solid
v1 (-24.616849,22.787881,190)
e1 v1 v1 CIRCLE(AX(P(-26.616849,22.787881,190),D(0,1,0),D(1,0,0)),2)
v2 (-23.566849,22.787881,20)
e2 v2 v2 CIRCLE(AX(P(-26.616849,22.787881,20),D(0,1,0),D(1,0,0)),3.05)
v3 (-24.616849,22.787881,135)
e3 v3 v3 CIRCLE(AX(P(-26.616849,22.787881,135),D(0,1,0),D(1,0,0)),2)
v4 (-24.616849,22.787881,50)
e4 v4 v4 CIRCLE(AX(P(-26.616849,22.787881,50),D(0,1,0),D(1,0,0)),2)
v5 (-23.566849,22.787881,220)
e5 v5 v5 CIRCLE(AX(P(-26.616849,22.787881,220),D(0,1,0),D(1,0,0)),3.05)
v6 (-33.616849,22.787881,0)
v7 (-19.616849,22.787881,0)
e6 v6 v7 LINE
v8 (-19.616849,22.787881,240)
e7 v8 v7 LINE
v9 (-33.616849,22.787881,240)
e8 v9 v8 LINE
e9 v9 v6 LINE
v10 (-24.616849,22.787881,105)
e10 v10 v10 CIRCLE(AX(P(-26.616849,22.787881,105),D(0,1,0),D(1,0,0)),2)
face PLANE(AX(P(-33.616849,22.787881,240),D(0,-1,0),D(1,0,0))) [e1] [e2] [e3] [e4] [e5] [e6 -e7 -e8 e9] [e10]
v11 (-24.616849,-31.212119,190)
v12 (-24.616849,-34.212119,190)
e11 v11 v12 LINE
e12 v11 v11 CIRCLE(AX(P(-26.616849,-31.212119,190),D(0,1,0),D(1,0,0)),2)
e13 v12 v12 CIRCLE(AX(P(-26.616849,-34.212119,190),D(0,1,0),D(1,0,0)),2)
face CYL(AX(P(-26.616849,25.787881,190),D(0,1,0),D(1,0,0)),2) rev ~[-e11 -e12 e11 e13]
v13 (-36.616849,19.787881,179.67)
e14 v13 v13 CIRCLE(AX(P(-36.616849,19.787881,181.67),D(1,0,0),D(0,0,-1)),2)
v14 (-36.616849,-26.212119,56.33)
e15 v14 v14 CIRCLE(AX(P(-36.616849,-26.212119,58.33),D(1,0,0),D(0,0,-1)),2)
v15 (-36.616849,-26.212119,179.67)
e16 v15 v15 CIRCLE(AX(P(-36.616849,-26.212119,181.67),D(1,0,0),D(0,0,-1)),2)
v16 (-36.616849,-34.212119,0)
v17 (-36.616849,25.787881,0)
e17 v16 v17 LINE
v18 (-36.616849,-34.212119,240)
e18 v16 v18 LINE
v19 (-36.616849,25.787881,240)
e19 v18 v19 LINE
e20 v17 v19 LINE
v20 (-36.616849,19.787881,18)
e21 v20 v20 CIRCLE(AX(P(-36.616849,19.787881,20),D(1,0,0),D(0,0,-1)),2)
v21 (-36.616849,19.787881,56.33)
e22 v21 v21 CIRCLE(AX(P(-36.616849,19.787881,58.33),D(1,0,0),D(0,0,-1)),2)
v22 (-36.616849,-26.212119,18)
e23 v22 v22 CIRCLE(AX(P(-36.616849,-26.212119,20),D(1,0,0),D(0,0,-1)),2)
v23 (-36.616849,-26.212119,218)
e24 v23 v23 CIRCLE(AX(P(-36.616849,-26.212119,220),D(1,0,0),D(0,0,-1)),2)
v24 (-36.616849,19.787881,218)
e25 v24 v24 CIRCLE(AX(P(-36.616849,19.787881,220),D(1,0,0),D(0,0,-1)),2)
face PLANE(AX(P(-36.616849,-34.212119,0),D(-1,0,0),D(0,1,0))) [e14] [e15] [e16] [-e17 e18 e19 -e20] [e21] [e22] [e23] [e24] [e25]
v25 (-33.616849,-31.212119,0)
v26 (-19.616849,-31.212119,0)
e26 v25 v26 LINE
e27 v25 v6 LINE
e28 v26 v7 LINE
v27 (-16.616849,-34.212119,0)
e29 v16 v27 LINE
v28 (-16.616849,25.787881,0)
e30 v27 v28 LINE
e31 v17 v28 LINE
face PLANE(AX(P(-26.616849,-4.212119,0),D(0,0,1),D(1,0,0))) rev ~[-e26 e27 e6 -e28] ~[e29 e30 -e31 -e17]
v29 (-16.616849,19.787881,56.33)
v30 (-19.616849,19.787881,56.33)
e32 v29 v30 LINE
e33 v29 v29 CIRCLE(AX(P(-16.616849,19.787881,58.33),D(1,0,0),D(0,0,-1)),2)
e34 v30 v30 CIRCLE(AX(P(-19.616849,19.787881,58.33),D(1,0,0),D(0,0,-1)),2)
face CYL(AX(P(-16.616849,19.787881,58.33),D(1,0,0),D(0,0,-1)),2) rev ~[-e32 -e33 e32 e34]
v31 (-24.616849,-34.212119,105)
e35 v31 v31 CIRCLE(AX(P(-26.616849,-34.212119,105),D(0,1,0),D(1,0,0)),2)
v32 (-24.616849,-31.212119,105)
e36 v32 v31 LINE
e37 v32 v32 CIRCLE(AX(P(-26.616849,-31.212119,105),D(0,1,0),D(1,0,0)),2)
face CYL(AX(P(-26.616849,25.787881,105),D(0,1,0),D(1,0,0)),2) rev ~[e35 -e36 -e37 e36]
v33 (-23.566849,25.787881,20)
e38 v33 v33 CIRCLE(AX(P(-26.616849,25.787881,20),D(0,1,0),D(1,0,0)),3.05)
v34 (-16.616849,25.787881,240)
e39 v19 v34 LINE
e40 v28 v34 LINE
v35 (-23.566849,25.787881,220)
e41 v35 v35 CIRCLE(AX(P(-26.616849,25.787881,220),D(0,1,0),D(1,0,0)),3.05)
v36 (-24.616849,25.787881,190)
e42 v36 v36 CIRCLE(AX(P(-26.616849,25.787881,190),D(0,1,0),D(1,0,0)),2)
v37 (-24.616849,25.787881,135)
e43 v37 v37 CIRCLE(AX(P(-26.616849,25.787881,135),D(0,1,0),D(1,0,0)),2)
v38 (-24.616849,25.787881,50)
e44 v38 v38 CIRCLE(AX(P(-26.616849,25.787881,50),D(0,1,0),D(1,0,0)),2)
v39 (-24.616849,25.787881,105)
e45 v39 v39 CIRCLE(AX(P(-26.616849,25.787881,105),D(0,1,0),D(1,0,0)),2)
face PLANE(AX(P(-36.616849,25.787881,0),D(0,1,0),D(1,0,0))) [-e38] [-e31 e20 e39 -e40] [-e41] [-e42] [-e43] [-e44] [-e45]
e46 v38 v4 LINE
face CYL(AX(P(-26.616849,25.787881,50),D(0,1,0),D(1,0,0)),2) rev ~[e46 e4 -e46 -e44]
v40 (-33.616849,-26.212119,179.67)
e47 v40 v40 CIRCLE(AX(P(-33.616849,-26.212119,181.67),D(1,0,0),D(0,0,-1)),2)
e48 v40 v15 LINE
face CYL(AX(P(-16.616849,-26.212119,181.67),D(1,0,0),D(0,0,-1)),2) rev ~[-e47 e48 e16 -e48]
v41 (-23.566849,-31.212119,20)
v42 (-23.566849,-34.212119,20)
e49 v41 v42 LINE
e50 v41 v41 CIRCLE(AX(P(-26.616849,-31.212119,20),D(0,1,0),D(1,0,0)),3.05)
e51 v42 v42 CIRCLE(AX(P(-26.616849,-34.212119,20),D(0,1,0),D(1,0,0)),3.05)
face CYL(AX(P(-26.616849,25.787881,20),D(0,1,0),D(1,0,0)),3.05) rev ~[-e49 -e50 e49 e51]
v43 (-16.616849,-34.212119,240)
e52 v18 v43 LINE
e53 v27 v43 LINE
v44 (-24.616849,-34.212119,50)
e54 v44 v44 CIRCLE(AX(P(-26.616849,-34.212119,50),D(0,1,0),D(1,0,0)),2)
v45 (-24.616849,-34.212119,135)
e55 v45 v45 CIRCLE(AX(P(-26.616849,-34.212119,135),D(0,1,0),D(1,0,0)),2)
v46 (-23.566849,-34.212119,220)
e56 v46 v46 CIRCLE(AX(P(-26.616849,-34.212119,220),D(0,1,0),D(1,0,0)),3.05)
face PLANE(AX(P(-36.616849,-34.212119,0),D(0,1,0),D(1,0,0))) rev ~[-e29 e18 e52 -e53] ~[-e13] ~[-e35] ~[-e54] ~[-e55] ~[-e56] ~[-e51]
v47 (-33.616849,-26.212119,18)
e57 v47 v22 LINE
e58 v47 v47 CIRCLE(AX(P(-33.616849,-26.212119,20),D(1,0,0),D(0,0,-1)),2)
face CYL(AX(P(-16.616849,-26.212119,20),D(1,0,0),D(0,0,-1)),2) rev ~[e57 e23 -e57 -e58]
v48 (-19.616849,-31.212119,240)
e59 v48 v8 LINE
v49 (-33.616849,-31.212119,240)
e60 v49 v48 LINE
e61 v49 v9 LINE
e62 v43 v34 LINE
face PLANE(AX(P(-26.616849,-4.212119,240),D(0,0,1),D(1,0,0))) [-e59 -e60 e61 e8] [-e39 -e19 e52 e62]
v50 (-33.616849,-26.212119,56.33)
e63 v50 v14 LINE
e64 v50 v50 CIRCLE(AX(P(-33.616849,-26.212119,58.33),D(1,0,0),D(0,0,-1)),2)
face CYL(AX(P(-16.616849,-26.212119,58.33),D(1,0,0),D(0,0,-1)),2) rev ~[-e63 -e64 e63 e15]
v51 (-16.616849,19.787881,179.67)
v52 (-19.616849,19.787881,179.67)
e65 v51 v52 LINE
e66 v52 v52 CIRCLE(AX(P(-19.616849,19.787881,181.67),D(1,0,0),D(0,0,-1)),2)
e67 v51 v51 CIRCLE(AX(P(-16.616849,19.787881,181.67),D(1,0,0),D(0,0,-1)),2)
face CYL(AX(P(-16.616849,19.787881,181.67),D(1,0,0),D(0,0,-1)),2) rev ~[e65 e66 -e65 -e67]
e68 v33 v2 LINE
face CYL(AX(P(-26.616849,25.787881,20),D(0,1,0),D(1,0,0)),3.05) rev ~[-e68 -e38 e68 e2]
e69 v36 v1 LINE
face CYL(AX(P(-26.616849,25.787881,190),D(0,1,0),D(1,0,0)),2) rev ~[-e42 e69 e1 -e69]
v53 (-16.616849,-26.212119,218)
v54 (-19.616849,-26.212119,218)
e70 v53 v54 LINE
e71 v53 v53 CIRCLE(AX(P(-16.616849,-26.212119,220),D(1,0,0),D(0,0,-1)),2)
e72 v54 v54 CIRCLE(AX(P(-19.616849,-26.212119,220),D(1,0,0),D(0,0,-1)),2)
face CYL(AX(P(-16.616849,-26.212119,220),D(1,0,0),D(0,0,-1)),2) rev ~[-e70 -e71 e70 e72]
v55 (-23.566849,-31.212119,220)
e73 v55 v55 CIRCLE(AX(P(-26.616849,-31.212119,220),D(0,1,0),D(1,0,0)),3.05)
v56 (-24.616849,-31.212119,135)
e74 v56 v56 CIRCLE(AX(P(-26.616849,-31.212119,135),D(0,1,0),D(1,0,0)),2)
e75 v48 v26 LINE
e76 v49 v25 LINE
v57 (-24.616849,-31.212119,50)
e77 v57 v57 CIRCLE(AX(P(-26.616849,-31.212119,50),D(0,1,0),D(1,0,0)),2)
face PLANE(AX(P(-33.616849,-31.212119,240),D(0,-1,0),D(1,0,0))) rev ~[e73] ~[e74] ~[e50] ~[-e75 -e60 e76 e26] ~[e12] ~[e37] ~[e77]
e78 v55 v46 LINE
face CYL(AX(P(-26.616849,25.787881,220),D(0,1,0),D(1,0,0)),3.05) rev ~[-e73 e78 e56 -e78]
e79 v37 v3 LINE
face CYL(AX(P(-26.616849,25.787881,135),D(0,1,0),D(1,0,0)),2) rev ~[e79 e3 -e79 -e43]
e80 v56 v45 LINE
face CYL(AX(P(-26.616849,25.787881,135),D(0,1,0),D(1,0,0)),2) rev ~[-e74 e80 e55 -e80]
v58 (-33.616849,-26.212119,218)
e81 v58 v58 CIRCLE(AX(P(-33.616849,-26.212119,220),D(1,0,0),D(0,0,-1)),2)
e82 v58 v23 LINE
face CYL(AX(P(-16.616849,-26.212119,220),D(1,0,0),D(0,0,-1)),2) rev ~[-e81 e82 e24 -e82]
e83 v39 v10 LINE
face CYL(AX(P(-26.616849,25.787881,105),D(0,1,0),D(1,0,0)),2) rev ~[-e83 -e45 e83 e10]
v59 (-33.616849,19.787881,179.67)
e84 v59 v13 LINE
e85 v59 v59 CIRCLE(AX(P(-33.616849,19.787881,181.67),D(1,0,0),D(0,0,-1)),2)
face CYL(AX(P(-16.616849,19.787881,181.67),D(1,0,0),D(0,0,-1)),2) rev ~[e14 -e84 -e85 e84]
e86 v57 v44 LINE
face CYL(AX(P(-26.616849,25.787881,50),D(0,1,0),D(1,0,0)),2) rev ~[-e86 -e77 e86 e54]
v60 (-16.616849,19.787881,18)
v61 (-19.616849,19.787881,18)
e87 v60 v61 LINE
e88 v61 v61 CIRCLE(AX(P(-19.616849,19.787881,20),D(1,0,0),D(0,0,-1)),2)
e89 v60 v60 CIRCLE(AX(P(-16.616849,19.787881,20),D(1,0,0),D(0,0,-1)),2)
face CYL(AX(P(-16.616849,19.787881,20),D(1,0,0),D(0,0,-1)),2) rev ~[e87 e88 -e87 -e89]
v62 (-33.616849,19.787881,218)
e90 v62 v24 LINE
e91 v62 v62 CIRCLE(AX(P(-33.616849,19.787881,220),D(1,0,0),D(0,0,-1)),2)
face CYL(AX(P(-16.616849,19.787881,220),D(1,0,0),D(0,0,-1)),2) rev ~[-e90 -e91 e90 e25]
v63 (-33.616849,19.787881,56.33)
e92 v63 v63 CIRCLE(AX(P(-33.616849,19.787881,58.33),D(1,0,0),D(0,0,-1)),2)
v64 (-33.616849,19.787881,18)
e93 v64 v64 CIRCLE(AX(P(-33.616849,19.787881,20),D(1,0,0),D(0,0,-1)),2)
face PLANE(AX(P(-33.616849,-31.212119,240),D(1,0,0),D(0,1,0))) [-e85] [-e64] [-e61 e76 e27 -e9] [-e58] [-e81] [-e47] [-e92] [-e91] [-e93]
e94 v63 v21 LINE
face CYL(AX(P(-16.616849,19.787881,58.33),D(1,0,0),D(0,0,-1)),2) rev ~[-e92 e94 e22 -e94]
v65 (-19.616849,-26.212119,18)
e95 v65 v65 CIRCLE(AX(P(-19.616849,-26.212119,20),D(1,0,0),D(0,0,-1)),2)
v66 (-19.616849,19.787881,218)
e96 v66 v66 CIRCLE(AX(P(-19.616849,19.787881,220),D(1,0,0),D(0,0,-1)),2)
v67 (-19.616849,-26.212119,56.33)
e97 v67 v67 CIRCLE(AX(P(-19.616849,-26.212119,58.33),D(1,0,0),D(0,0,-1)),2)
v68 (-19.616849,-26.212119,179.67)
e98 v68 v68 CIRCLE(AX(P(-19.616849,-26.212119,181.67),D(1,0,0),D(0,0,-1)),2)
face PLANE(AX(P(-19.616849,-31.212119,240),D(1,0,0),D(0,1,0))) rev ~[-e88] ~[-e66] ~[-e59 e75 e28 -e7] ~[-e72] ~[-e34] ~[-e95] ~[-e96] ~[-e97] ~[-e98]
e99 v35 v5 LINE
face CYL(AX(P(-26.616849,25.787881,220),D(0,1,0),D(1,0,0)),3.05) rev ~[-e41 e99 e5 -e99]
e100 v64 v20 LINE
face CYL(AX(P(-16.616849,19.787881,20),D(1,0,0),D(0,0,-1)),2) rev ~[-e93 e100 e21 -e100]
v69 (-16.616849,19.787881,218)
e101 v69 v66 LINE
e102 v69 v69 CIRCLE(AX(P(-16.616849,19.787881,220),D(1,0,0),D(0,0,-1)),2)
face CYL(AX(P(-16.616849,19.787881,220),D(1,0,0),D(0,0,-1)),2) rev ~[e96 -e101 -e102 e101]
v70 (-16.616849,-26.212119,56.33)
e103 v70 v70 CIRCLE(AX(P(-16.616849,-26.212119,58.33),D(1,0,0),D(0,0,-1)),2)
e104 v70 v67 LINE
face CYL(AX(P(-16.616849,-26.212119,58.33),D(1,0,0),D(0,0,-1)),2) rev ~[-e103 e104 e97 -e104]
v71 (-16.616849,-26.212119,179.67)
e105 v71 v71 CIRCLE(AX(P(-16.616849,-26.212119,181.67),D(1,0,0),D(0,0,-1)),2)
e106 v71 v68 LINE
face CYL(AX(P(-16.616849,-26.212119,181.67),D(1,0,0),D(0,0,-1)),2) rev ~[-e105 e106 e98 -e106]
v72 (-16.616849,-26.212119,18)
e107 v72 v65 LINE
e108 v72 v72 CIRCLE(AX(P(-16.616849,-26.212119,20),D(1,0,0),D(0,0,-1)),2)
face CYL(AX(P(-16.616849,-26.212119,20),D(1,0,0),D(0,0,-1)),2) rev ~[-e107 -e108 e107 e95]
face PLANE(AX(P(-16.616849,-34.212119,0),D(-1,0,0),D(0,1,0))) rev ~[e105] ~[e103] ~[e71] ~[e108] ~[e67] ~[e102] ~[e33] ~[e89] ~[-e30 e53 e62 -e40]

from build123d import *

# Parameters (mm, degrees)
SKETCH_1_W          = 20
SKETCH_1_H          = 60
EXTRUDE_1_DEPTH     = 240
SKETCH_2_W          = 14
SKETCH_2_H          = 54
CUT_EXTRUDE_1_DEPTH = 241
SKETCH_3_R          = 2
CUT_EXTRUDE_2_DEPTH = 240
SKETCH_4_R          = 3.05
SKETCH_4_R_2        = 2
CUT_EXTRUDE_3_DEPTH = 61


with BuildPart() as part:
    # 草图1 → 凸台-拉伸1 (new body)
    with BuildSketch(Plane.XY):
        with Locations((-26.616848502, -4.212119477)):
            Rectangle(SKETCH_1_W, SKETCH_1_H)
    extrude(amount=EXTRUDE_1_DEPTH)

    # 草图2 → 切除-拉伸1 (cut, through all)
    with BuildSketch(Plane.XY.offset(240)):
        with Locations((-26.616848502, -4.212119477)):
            Rectangle(SKETCH_2_W, SKETCH_2_H)
    extrude(amount=-CUT_EXTRUDE_1_DEPTH, mode=Mode.SUBTRACT)

    # 草图3 → 切除-拉伸2 (cut)
    with BuildSketch(Plane(origin=(-16.616848502, 0, 0), x_dir=(0, 0, -1), z_dir=(1, 0, 0))):
        with Locations((-220, 19.787880523)):
            Circle(SKETCH_3_R)
        with Locations((-20, 19.787880523)):
            Circle(SKETCH_3_R)
        with Locations((-181.67, 19.787880523)):
            Circle(SKETCH_3_R)
        with Locations((-220, -26.212119477)):
            Circle(SKETCH_3_R)
        with Locations((-181.67, -26.212119477)):
            Circle(SKETCH_3_R)
        with Locations((-20, -26.212119477)):
            Circle(SKETCH_3_R)
        with Locations((-58.33, -26.212119477)):
            Circle(SKETCH_3_R)
        with Locations((-58.33, 19.787880523)):
            Circle(SKETCH_3_R)
    extrude(amount=-CUT_EXTRUDE_2_DEPTH, mode=Mode.SUBTRACT)

    # 草图4 → 切除-拉伸3 (cut, through all)
    with BuildSketch(Plane(origin=(0, 25.787880523, 0), x_dir=(1, 0, 0), z_dir=(0, 1, 0))):
        with Locations((-26.616848502, -220)):
            Circle(SKETCH_4_R)
        with Locations((-26.616848502, -190)):
            Circle(SKETCH_4_R_2)
        with Locations((-26.616848502, -135)):
            Circle(SKETCH_4_R_2)
        with Locations((-26.616848502, -50)):
            Circle(SKETCH_4_R_2)
        with Locations((-26.616848502, -20)):
            Circle(SKETCH_4_R)
        with Locations((-26.616848502, -105)):
            Circle(SKETCH_4_R_2)
    extrude(amount=-CUT_EXTRUDE_3_DEPTH, mode=Mode.SUBTRACT)


solid = part.part
